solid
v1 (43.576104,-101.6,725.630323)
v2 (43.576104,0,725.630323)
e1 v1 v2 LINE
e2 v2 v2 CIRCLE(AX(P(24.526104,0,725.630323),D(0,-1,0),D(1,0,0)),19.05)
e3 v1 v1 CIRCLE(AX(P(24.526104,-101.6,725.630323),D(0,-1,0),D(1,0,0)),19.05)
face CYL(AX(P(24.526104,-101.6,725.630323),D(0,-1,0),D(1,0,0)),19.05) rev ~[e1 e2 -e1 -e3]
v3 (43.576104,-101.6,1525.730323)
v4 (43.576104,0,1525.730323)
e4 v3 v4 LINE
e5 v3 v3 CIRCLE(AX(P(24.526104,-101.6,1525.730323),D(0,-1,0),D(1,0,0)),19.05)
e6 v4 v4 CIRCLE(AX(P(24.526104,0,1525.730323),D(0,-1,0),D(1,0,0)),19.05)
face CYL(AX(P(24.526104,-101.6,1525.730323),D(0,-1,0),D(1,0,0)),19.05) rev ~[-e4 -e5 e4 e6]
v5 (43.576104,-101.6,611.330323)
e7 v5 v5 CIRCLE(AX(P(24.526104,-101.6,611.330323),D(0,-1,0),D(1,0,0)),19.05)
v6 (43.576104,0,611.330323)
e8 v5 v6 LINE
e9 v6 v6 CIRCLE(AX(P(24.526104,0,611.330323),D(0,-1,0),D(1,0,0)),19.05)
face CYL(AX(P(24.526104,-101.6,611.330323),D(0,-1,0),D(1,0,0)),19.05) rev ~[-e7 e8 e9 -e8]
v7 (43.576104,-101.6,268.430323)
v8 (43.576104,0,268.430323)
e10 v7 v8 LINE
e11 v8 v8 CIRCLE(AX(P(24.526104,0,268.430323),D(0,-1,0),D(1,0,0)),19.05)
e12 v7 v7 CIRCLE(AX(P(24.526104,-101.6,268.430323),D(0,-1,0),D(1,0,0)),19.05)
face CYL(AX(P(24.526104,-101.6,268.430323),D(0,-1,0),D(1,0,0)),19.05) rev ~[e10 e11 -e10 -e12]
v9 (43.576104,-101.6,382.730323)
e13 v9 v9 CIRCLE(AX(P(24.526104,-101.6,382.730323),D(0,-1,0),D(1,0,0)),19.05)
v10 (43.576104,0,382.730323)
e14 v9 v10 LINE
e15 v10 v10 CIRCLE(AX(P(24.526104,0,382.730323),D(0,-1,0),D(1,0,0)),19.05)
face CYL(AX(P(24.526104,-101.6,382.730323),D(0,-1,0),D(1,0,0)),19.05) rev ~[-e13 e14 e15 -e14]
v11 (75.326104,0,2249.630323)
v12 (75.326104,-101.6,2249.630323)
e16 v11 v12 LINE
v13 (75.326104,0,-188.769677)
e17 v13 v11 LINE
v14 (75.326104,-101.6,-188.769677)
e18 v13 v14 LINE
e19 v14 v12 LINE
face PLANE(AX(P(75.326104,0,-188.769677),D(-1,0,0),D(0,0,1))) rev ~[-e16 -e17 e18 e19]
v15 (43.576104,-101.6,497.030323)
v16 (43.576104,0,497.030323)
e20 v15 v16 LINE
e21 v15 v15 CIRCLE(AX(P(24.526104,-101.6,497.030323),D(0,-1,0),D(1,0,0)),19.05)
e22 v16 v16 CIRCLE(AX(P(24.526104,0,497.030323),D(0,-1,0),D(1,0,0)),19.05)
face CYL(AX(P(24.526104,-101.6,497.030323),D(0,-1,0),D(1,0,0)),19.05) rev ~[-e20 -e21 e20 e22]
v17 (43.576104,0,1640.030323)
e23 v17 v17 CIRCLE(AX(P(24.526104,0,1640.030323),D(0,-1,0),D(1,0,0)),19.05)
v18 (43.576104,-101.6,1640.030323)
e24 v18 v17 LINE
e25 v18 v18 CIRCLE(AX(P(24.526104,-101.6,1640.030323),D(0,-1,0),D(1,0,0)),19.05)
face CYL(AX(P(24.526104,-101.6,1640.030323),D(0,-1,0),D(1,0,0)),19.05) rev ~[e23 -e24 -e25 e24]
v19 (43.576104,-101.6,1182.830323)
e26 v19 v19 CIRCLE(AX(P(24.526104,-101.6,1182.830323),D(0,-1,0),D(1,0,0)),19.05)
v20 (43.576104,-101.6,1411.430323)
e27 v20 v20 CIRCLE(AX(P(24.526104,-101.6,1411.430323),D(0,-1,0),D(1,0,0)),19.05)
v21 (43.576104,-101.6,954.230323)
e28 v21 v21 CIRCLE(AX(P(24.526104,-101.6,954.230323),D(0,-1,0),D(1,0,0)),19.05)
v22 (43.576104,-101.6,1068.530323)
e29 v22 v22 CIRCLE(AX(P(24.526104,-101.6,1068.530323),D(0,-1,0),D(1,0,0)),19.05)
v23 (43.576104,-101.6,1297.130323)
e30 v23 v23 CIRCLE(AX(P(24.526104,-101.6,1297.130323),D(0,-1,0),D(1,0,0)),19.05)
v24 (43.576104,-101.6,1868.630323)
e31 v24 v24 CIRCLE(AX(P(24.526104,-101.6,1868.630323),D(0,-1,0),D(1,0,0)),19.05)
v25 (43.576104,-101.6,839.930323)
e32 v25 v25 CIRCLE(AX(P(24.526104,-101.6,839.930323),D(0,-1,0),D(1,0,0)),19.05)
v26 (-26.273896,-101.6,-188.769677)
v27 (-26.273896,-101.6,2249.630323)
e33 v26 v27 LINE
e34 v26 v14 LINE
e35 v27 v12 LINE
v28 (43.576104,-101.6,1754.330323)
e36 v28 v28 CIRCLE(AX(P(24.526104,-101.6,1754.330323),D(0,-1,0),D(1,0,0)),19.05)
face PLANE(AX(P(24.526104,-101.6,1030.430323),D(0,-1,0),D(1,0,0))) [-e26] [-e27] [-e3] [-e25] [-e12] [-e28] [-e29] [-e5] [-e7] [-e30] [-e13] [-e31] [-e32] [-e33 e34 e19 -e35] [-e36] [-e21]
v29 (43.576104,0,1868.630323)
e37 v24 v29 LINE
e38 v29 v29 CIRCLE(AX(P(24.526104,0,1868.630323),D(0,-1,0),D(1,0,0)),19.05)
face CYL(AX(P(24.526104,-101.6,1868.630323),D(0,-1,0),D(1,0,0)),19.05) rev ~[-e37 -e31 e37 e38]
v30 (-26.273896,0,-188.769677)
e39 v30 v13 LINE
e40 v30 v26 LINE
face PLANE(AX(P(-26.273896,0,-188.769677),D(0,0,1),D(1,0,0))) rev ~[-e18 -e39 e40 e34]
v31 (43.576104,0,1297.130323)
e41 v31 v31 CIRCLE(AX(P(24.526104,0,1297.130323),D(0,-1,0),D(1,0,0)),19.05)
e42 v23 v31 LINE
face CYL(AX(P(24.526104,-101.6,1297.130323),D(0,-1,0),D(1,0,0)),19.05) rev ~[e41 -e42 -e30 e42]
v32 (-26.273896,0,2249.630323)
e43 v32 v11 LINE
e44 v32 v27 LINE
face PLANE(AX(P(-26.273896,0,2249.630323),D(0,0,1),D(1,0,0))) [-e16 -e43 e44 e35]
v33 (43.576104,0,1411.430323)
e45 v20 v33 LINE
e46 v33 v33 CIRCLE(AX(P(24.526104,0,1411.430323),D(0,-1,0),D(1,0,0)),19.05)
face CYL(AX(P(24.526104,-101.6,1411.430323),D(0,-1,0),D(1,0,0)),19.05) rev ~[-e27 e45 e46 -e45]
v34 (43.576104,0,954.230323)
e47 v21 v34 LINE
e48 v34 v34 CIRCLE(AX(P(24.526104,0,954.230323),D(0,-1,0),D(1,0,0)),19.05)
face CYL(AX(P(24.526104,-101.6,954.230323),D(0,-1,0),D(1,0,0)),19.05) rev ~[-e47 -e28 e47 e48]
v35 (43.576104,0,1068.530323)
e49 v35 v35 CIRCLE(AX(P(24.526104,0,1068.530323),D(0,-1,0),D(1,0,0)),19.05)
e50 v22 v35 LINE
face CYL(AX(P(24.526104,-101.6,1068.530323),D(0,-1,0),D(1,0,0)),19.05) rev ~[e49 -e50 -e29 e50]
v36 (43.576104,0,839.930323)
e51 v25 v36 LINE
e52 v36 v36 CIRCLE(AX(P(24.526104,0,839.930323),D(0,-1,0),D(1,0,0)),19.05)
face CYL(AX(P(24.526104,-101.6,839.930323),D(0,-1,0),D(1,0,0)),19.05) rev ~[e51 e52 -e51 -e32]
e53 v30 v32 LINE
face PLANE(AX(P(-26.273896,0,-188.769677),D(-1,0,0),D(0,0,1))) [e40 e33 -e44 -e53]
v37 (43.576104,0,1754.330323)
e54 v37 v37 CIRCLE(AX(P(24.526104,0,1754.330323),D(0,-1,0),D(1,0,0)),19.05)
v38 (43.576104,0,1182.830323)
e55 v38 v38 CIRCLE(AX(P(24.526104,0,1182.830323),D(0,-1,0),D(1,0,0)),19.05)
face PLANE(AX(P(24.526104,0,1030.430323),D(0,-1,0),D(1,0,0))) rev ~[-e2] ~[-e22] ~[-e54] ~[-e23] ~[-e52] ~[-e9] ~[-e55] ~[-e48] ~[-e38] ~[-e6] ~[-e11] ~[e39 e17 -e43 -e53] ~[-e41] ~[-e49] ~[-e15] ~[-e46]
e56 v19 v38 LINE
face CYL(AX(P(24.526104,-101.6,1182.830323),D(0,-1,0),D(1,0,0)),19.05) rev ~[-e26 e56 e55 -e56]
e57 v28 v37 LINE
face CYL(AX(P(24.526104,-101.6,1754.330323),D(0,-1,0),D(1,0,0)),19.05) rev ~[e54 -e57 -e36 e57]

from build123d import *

# Parameters (mm, degrees)
F0_W     = 101.6
F0_H     = 2438.4
F1_DEPTH = 101.6
F3_DEPTH = 101.6


with BuildPart() as f1:
    # F0 (on Front) → F1 (new body)
    with BuildSketch(Plane.XZ):
        with Locations((24.5261041723, 1030.4303231494)):
            Rectangle(F0_W, F0_H)
    extrude(amount=F1_DEPTH)

    # F2 (on face) → F3 (cut)
    with BuildSketch(Plane.XZ.offset(101.6)):
        with BuildLine():
            Line((24.5261041723, 1849.5803231494), (24.5261041723, 1887.6803231494))
            ThreePointArc((24.5261041723, 1887.6803231494), (5.4761041723, 1868.6303231494), (24.5261041723, 1849.5803231494))
        make_face()
        with BuildLine():
            ThreePointArc((43.5761041723, 1868.6303231494), (37.9964883539, 1882.100707331), (24.5261041723, 1887.6803231494))
            Line((24.5261041723, 1887.6803231494), (24.5261041723, 1849.5803231494))
            ThreePointArc((24.5261041723, 1849.5803231494), (37.9964883539, 1855.1599389678), (43.5761041723, 1868.6303231494))
        make_face()
        with BuildLine():
            Line((24.5261041723, 1735.2803231494), (24.5261041723, 1773.3803231494))
            ThreePointArc((24.5261041723, 1773.3803231494), (5.4761041723, 1754.3303231494), (24.5261041723, 1735.2803231494))
        make_face()
        with BuildLine():
            ThreePointArc((43.5761041723, 1754.3303231494), (37.9964883539, 1767.800707331), (24.5261041723, 1773.3803231494))
            Line((24.5261041723, 1773.3803231494), (24.5261041723, 1735.2803231494))
            ThreePointArc((24.5261041723, 1735.2803231494), (37.9964883539, 1740.8599389678), (43.5761041723, 1754.3303231494))
        make_face()
        with BuildLine():
            Line((24.5261041723, 1620.9803231494), (24.5261041723, 1659.0803231494))
            ThreePointArc((24.5261041723, 1659.0803231494), (5.4761041723, 1640.0303231494), (24.5261041723, 1620.9803231494))
        make_face()
        with BuildLine():
            ThreePointArc((43.5761041723, 1640.0303231494), (37.9964883539, 1653.500707331), (24.5261041723, 1659.0803231494))
            Line((24.5261041723, 1659.0803231494), (24.5261041723, 1620.9803231494))
            ThreePointArc((24.5261041723, 1620.9803231494), (37.9964883539, 1626.5599389678), (43.5761041723, 1640.0303231494))
        make_face()
        with BuildLine():
            ThreePointArc((24.5261041723, 1544.7803231494), (5.4761041723, 1525.7303231494), (24.5261041723, 1506.6803231494))
            Line((24.5261041723, 1506.6803231494), (24.5261041723, 1544.7803231494))
        make_face()
        with BuildLine():
            Line((24.5261041723, 1430.4803231494), (24.5261041723, 1392.3803231494))
            ThreePointArc((24.5261041723, 1392.3803231494), (37.9964883539, 1397.9599389678), (43.5761041723, 1411.4303231494))
            ThreePointArc((43.5761041723, 1411.4303231494), (37.9964883539, 1424.900707331), (24.5261041723, 1430.4803231494))
        make_face()
        with BuildLine():
            ThreePointArc((24.5261041723, 1430.4803231494), (5.4761041723, 1411.4303231494), (24.5261041723, 1392.3803231494))
            Line((24.5261041723, 1392.3803231494), (24.5261041723, 1430.4803231494))
        make_face()
        with BuildLine():
            Line((24.5261041723, 1544.7803231494), (24.5261041723, 1506.6803231494))
            ThreePointArc((24.5261041723, 1506.6803231494), (37.9964883539, 1512.2599389678), (43.5761041723, 1525.7303231494))
            ThreePointArc((43.5761041723, 1525.7303231494), (37.9964883539, 1539.200707331), (24.5261041723, 1544.7803231494))
        make_face()
        with BuildLine():
            Line((24.5261041723, 1316.1803231494), (24.5261041723, 1278.0803231494))
            ThreePointArc((24.5261041723, 1278.0803231494), (37.9964883539, 1283.6599389678), (43.5761041723, 1297.1303231494))
            ThreePointArc((43.5761041723, 1297.1303231494), (37.9964883539, 1310.600707331), (24.5261041723, 1316.1803231494))
        make_face()
        with BuildLine():
            ThreePointArc((24.5261041723, 1316.1803231494), (5.4761041723, 1297.1303231494), (24.5261041723, 1278.0803231494))
            Line((24.5261041723, 1278.0803231494), (24.5261041723, 1316.1803231494))
        make_face()
        with BuildLine():
            ThreePointArc((24.5261041723, 1201.8803231494), (5.4761041723, 1182.8303231494), (24.5261041723, 1163.7803231494))
            Line((24.5261041723, 1163.7803231494), (24.5261041723, 1201.8803231494))
        make_face()
        with BuildLine():
            Line((24.5261041723, 1201.8803231494), (24.5261041723, 1163.7803231494))
            ThreePointArc((24.5261041723, 1163.7803231494), (37.9964883539, 1169.3599389678), (43.5761041723, 1182.8303231494))
            ThreePointArc((43.5761041723, 1182.8303231494), (37.9964883539, 1196.300707331), (24.5261041723, 1201.8803231494))
        make_face()
        with BuildLine():
            ThreePointArc((43.5761041723, 1068.5303231494), (37.9964883539, 1082.000707331), (24.5261041723, 1087.5803231494))
            Line((24.5261041723, 1087.5803231494), (24.5261041723, 1049.4803231494))
            ThreePointArc((24.5261041723, 1049.4803231494), (37.9964883539, 1055.0599389678), (43.5761041723, 1068.5303231494))
        make_face()
        with BuildLine():
            Line((24.5261041723, 1049.4803231494), (24.5261041723, 1087.5803231494))
            ThreePointArc((24.5261041723, 1087.5803231494), (5.4761041723, 1068.5303231494), (24.5261041723, 1049.4803231494))
        make_face()
        with BuildLine():
            Line((24.5261041723, 935.1803231494), (24.5261041723, 973.2803231494))
            ThreePointArc((24.5261041723, 973.2803231494), (5.4761041723, 954.2303231494), (24.5261041723, 935.1803231494))
        make_face()
        with BuildLine():
            ThreePointArc((43.5761041723, 954.2303231494), (37.9964883539, 967.700707331), (24.5261041723, 973.2803231494))
            Line((24.5261041723, 973.2803231494), (24.5261041723, 935.1803231494))
            ThreePointArc((24.5261041723, 935.1803231494), (37.9964883539, 940.7599389678), (43.5761041723, 954.2303231494))
        make_face()
        with BuildLine():
            ThreePointArc((24.5261041723, 858.9803231494), (5.4761041723, 839.9303231494), (24.5261041723, 820.8803231494))
            Line((24.5261041723, 820.8803231494), (24.5261041723, 858.9803231494))
        make_face()
        with BuildLine():
            Line((24.5261041723, 858.9803231494), (24.5261041723, 820.8803231494))
            ThreePointArc((24.5261041723, 820.8803231494), (37.9964883539, 826.4599389678), (43.5761041723, 839.9303231494))
            ThreePointArc((43.5761041723, 839.9303231494), (37.9964883539, 853.400707331), (24.5261041723, 858.9803231494))
        make_face()
        with BuildLine():
            ThreePointArc((24.5261041723, 744.6803231494), (5.4761041723, 725.6303231494), (24.5261041723, 706.5803231494))
            Line((24.5261041723, 706.5803231494), (24.5261041723, 744.6803231494))
        make_face()
        with BuildLine():
            Line((24.5261041723, 744.6803231494), (24.5261041723, 706.5803231494))
            ThreePointArc((24.5261041723, 706.5803231494), (37.9964883539, 712.1599389678), (43.5761041723, 725.6303231494))
            ThreePointArc((43.5761041723, 725.6303231494), (37.9964883539, 739.100707331), (24.5261041723, 744.6803231494))
        make_face()
        with BuildLine():
            Line((24.5261041723, 592.2803231494), (24.5261041723, 630.3803231494))
            ThreePointArc((24.5261041723, 630.3803231494), (5.4761041723, 611.3303231494), (24.5261041723, 592.2803231494))
        make_face()
        with BuildLine():
            ThreePointArc((43.5761041723, 611.3303231494), (37.9964883539, 624.800707331), (24.5261041723, 630.3803231494))
            Line((24.5261041723, 630.3803231494), (24.5261041723, 592.2803231494))
            ThreePointArc((24.5261041723, 592.2803231494), (37.9964883539, 597.8599389678), (43.5761041723, 611.3303231494))
        make_face()
        with BuildLine():
            ThreePointArc((24.5261041723, 516.0803231494), (5.4761041723, 497.0303231494), (24.5261041723, 477.9803231494))
            Line((24.5261041723, 477.9803231494), (24.5261041723, 516.0803231494))
        make_face()
        with BuildLine():
            Line((24.5261041723, 516.0803231494), (24.5261041723, 477.9803231494))
            ThreePointArc((24.5261041723, 477.9803231494), (37.9964883539, 483.5599389678), (43.5761041723, 497.0303231494))
            ThreePointArc((43.5761041723, 497.0303231494), (37.9964883539, 510.500707331), (24.5261041723, 516.0803231494))
        make_face()
        with BuildLine():
            ThreePointArc((24.5261041723, 401.7803231494), (5.4761041723, 382.7303231494), (24.5261041723, 363.6803231494))
            Line((24.5261041723, 363.6803231494), (24.5261041723, 401.7803231494))
        make_face()
        with BuildLine():
            Line((24.5261041723, 401.7803231494), (24.5261041723, 363.6803231494))
            ThreePointArc((24.5261041723, 363.6803231494), (37.9964883539, 369.2599389678), (43.5761041723, 382.7303231494))
            ThreePointArc((43.5761041723, 382.7303231494), (37.9964883539, 396.200707331), (24.5261041723, 401.7803231494))
        make_face()
        with BuildLine():
            ThreePointArc((24.5261041723, 287.4803231494), (5.4761041723, 268.4303231494), (24.5261041723, 249.3803231494))
            Line((24.5261041723, 249.3803231494), (24.5261041723, 268.4303231494))
            Line((24.5261041723, 268.4303231494), (24.5261041723, 287.4803231494))
        make_face()
        with BuildLine():
            Line((24.5261041723, 268.4303231494), (24.5261041723, 249.3803231494))
            ThreePointArc((24.5261041723, 249.3803231494), (37.9964883539, 254.9599389678), (43.5761041723, 268.4303231494))
            ThreePointArc((43.5761041723, 268.4303231494), (37.9964883539, 281.900707331), (24.5261041723, 287.4803231494))
            Line((24.5261041723, 287.4803231494), (24.5261041723, 268.4303231494))
        make_face()
    extrude(amount=-F3_DEPTH, mode=Mode.SUBTRACT)


solid = f1.part
